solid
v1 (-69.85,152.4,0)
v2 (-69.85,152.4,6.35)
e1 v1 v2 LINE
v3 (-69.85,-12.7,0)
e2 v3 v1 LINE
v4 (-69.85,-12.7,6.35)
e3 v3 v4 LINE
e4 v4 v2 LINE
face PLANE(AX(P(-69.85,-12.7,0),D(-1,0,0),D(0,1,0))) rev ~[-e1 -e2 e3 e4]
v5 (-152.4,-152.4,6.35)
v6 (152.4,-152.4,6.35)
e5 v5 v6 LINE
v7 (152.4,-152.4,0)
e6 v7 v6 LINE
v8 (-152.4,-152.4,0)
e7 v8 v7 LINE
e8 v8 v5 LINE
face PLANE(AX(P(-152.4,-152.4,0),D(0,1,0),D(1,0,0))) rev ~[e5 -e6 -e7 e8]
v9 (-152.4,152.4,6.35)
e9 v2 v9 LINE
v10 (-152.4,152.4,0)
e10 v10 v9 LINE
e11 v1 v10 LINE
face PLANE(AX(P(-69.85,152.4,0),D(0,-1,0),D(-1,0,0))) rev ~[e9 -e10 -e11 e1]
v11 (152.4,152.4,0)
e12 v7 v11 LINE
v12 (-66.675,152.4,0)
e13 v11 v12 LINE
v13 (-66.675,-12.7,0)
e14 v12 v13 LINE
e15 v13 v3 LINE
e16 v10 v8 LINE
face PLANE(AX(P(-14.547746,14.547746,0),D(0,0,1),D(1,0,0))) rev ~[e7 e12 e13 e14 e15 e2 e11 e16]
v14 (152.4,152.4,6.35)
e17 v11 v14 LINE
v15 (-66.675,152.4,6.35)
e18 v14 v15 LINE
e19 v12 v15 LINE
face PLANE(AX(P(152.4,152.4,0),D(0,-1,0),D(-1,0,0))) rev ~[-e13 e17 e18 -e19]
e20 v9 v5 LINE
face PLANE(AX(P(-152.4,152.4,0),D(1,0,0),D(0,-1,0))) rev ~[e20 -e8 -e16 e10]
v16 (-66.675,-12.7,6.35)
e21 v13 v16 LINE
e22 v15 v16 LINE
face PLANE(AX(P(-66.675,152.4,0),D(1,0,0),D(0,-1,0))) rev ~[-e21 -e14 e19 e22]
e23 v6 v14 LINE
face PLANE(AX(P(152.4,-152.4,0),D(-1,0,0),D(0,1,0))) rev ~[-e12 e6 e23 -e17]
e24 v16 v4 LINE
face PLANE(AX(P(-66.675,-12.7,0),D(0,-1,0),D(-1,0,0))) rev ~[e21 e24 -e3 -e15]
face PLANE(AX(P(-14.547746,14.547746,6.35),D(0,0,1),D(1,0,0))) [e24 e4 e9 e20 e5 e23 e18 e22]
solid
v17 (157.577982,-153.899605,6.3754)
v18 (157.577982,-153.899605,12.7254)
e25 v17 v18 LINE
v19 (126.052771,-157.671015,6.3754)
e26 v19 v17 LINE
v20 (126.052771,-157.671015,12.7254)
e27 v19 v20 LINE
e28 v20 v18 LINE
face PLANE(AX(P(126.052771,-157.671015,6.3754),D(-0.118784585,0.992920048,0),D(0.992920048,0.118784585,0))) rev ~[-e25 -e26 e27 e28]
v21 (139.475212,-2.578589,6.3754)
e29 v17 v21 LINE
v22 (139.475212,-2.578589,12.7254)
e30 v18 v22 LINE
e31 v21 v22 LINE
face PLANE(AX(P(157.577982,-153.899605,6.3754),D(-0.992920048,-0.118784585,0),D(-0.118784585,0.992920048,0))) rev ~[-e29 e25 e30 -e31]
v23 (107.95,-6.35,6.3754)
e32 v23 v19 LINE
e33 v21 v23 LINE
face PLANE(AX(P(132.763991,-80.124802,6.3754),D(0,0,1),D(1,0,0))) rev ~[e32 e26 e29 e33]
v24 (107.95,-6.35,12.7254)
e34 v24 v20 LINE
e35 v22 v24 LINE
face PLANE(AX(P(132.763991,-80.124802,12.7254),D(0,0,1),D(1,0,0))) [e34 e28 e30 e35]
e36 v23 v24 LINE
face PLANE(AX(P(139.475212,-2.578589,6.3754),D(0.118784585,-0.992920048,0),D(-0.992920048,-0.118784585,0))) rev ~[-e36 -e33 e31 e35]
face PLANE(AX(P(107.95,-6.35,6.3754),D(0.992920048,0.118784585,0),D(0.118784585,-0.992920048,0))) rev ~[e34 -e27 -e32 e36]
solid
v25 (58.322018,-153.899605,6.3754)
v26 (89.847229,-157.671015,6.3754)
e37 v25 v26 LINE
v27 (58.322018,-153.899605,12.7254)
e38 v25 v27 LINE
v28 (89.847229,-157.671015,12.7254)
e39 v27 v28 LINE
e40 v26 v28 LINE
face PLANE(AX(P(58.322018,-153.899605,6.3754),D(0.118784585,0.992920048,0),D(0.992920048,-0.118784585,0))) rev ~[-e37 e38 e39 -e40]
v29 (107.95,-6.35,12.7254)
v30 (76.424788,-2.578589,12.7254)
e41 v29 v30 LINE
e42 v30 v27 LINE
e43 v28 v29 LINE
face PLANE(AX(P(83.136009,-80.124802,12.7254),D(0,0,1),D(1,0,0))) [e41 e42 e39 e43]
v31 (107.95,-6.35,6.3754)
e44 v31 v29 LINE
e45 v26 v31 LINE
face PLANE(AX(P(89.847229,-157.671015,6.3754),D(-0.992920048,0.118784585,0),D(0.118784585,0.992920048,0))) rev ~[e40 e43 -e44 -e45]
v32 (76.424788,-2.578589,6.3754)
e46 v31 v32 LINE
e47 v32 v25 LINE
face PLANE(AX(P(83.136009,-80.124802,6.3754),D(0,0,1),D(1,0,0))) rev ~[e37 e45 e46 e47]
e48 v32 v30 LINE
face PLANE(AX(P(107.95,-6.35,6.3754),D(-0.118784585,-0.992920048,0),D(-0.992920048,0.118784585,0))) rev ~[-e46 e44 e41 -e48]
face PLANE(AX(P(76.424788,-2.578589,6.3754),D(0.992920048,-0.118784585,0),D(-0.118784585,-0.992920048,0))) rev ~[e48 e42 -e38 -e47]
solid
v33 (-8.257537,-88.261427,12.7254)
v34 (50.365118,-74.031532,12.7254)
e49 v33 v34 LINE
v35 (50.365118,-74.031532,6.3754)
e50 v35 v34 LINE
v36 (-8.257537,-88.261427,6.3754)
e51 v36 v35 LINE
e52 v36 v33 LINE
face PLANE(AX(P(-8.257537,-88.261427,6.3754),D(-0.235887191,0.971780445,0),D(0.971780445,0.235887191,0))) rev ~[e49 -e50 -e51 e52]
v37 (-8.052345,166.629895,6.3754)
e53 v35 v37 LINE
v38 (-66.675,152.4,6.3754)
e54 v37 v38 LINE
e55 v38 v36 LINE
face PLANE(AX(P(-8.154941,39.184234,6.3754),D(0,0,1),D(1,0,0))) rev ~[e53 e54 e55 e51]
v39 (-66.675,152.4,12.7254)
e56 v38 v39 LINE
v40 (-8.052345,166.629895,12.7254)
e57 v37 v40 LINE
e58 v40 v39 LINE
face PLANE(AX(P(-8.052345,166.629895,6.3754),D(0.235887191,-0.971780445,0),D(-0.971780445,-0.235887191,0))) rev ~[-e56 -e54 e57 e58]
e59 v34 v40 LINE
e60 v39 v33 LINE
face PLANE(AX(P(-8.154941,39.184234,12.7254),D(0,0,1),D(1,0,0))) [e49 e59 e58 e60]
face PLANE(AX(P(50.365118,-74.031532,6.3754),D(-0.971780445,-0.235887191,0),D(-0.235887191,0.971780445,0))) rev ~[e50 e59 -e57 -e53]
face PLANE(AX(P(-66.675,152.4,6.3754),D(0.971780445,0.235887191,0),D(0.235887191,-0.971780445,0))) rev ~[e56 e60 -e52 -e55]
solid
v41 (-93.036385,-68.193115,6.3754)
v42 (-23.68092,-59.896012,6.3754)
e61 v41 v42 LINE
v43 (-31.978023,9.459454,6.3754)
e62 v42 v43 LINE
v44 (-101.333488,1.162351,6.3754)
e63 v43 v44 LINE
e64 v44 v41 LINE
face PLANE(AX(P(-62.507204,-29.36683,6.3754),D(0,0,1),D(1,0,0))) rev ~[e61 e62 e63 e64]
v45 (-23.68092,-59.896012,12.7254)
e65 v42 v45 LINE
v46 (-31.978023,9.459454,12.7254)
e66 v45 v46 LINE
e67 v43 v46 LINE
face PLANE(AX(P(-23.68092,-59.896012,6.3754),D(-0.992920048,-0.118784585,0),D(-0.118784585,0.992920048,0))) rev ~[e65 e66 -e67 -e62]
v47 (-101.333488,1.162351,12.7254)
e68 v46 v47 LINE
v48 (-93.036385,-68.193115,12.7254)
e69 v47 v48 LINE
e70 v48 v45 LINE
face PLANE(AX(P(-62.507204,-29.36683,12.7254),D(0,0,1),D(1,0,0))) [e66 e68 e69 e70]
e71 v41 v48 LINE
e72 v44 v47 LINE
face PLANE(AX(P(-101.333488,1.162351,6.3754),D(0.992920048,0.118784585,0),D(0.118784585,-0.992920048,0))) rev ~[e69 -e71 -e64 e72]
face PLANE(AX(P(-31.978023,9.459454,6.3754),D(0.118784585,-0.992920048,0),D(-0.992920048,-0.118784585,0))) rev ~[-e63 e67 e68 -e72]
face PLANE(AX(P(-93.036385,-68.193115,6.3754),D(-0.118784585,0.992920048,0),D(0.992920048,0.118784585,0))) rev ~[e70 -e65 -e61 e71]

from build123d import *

# Parameters (mm, degrees)
F1_DEPTH = 6.35
F5_DEPTH = 6.35
F7_DEPTH = 6.35
F9_DEPTH = 6.35


with BuildPart() as f1:
    # F0 (on Top) → F1 (new body)
    with BuildSketch(Plane.XY):
        Polygon((-152.4, -152.4), (152.4, -152.4), (152.4, 152.4), (-66.675, 152.4), (-66.675, -12.7), (-69.85, -12.7), (-69.85, 152.4), (-152.4, 152.4), align=None)
    extrude(amount=F1_DEPTH)


with BuildPart() as f5:
    # F4 (on offset) → F5 (new body)
    with BuildSketch(Plane.XY.offset(6.3754)):
        Polygon((-8.0523446654, 166.6298948175), (-66.675, 152.4), (-31.9780227839, 9.4594538767), (-8.2575370649, -88.2614271632), (50.3651182697, -74.0315323457), align=None)
    extrude(amount=F5_DEPTH)


with BuildPart() as f7:
    # F6 (on offset) → F7 (new body)
    with BuildSketch(Plane.XY.offset(6.3754)):
        Polygon((-23.6809195366, -59.8960115006), (-31.9780227839, 9.4594538767), (-66.675, 5.3086), (-101.3334881612, 1.1623506294), (-93.0363849139, -68.1931147479), align=None)
    extrude(amount=F7_DEPTH)


with BuildPart() as f9:
    # F8 (on offset) → F9 (new body)
    with BuildSketch(Plane.XY.offset(6.3754)):
        Polygon((139.4752115351, -2.578589433), (107.95, -6.35), (126.0527707214, -157.6710153687), (157.5779822566, -153.8996048017), align=None)
    extrude(amount=F9_DEPTH)


with BuildPart() as f9b:
    # F8 (on offset) → F9, piece 2 (new body)
    with BuildSketch(Plane.XY.offset(6.3754)):
        Polygon((89.8472292786, -157.6710153687), (107.95, -6.35), (76.4247884649, -2.578589433), (58.3220177434, -153.8996048017), align=None)
    extrude(amount=F9_DEPTH)


solid = Compound([f1.part, f5.part, f7.part, f9.part, f9b.part])
